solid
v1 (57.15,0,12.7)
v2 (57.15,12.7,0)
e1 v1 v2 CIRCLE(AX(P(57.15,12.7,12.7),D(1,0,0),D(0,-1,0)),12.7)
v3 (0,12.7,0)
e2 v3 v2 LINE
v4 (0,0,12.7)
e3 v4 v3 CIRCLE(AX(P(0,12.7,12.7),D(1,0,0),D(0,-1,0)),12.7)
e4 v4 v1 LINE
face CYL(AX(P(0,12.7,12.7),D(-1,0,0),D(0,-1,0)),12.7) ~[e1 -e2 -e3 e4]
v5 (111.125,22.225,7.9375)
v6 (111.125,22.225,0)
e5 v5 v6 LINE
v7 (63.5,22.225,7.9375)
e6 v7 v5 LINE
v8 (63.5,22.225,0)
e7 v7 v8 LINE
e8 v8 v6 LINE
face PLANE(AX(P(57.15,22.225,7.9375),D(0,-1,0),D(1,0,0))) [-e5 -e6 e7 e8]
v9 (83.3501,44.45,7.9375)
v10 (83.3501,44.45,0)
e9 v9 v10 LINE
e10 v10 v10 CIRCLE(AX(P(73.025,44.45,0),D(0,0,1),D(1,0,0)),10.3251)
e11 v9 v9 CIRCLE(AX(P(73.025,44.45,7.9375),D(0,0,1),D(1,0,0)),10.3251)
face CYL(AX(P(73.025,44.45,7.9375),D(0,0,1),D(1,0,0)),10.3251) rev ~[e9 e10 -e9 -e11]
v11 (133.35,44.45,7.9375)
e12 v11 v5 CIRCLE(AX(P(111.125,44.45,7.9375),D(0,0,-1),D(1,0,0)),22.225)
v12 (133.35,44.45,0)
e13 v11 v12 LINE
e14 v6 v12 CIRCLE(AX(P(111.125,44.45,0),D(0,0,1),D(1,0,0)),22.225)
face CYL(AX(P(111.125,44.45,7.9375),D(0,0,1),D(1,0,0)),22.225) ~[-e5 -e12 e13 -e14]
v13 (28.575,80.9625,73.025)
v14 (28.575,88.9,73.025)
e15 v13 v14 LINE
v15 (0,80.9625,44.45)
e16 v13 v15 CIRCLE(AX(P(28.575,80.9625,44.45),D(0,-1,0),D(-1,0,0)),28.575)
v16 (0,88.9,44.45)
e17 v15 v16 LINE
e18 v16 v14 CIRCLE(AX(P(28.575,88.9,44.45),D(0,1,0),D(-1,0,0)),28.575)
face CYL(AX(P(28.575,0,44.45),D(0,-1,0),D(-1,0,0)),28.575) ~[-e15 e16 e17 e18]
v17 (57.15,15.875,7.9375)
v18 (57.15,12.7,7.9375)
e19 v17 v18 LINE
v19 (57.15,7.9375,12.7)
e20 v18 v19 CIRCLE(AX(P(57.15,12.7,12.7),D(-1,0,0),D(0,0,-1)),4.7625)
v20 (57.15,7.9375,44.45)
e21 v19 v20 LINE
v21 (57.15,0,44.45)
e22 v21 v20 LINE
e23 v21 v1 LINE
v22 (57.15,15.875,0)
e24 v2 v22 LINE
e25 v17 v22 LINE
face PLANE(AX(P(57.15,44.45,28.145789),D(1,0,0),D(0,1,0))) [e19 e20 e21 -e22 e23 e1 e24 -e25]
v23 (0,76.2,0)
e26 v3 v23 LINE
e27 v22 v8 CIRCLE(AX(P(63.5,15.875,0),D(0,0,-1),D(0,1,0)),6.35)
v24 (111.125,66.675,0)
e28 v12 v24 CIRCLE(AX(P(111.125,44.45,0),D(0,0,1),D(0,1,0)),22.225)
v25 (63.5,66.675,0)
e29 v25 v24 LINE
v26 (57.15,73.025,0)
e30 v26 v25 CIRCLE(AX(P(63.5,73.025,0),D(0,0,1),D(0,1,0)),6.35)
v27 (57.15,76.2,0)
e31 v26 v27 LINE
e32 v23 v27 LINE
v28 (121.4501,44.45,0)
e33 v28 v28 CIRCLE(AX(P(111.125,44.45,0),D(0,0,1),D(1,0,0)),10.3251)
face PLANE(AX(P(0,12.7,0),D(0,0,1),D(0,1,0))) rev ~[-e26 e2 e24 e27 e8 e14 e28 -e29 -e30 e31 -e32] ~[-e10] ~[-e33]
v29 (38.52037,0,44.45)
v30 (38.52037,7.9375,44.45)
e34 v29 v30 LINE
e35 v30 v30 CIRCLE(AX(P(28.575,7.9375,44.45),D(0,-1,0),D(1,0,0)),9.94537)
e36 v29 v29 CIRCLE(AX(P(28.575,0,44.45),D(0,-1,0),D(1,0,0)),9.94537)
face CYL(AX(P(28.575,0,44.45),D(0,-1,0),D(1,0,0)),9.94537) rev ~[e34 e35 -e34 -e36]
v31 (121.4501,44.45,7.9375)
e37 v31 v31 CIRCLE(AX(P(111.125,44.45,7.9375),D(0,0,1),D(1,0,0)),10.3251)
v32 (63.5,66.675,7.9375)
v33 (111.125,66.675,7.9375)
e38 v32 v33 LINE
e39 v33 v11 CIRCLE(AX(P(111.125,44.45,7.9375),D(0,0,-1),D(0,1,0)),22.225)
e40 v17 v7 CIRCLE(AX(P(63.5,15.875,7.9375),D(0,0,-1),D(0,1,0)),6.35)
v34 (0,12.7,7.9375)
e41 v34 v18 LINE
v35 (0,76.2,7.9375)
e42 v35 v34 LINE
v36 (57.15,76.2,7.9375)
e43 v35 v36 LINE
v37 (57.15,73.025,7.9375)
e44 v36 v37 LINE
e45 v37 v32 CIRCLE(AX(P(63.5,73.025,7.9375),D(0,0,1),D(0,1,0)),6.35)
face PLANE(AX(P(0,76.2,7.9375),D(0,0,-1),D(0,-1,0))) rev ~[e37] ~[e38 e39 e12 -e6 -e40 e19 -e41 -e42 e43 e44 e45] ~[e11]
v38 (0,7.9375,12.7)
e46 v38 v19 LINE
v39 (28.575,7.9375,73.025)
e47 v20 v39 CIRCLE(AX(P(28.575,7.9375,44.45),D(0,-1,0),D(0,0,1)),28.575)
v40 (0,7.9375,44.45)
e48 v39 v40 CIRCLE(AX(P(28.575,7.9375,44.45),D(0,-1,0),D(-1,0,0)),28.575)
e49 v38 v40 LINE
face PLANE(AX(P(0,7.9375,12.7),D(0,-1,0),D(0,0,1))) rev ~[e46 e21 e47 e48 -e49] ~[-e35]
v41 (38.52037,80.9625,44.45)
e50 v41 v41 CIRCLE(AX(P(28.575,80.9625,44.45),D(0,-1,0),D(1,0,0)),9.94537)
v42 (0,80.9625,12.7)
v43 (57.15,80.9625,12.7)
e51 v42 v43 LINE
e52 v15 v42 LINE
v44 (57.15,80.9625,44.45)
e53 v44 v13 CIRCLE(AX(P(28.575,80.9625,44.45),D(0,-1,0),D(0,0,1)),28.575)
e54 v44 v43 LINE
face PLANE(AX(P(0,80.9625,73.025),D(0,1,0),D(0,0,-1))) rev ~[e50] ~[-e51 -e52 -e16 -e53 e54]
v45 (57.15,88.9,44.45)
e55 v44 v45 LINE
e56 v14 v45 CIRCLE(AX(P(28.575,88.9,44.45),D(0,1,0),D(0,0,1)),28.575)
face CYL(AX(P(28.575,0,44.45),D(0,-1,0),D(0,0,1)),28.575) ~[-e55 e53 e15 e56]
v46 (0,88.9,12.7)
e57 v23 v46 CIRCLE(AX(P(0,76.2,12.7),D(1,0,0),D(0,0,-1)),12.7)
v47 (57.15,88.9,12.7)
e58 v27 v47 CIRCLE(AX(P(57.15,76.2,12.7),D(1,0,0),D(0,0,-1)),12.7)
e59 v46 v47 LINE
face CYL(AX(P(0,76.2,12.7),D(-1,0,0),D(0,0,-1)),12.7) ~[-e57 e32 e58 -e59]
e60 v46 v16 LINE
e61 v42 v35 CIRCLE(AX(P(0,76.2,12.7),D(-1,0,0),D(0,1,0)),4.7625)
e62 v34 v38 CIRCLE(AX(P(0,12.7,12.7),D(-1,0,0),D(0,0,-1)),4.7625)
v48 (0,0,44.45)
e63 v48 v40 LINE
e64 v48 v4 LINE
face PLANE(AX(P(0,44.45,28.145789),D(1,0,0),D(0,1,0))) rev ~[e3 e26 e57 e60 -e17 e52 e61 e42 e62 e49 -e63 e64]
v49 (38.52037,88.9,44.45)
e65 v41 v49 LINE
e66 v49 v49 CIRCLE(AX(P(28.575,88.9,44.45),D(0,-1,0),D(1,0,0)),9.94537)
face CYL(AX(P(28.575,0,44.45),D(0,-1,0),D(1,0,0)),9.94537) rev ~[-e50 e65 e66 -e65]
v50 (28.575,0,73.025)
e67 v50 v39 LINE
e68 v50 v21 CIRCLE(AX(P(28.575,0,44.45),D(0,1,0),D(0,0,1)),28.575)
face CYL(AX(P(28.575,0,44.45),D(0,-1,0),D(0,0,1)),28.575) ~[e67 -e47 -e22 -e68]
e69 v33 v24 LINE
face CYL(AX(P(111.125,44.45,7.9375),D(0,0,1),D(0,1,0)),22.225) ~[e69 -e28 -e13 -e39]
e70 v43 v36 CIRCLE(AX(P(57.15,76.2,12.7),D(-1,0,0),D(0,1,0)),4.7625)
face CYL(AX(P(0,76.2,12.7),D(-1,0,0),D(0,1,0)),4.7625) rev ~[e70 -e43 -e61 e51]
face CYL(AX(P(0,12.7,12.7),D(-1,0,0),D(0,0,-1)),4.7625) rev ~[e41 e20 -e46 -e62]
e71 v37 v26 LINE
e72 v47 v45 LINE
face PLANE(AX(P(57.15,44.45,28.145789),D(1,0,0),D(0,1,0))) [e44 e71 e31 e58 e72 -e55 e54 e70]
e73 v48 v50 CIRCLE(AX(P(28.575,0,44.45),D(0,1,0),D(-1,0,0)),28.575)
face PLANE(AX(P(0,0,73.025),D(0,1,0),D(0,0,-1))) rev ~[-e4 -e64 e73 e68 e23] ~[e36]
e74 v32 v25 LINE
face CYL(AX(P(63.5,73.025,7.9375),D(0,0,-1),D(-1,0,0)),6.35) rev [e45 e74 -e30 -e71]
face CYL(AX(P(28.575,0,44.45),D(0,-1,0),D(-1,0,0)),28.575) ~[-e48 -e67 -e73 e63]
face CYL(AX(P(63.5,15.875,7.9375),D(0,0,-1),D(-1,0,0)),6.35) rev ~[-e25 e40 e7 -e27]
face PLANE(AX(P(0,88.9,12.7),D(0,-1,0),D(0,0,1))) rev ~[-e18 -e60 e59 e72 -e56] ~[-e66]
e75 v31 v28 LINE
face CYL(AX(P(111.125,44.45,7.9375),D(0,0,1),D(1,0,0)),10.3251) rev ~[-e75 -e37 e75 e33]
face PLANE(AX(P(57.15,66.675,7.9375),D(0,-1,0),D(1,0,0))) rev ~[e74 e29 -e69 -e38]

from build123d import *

# Parameters (mm, degrees)
F1_DEPTH = 57.15
F2_R     = 9.94537
F3_DEPTH = 88.9
F5_DEPTH = 88.9
F6_W     = 76.2
F6_H     = 44.45
F7_DEPTH = 7.9375
F8_R     = 10.3251
F9_DEPTH = 25.4
F10_R    = 6.35


with BuildPart() as f1:
    # F0 (on Right) → F1 (new body)
    with BuildSketch(Plane.YZ):
        with BuildLine():
            ThreePointArc((0, 12.7), (3.7197438789, 3.7197438789), (12.7, 0))
            Line((12.7, 0), (76.2, 0))
            ThreePointArc((76.2, 0), (85.1802561211, 3.7197438789), (88.9, 12.7))
            Line((88.9, 12.7), (88.9, 73.025))
            Line((88.9, 73.025), (80.9625, 73.025))
            Line((80.9625, 73.025), (80.9625, 12.7))
            ThreePointArc((80.9625, 12.7), (79.5675960454, 9.3324039546), (76.2, 7.9375))
            Line((76.2, 7.9375), (12.7, 7.9375))
            ThreePointArc((12.7, 7.9375), (9.3324039546, 9.3324039546), (7.9375, 12.7))
            Line((7.9375, 12.7), (7.9375, 73.025))
            Line((7.9375, 73.025), (0, 73.025))
            Line((0, 73.025), (0, 12.7))
        make_face()
    extrude(amount=F1_DEPTH)

    # F2 (on face) → F3 (cut)
    with BuildSketch(Plane.XZ):
        with Locations((28.575, 44.45)):
            Circle(F2_R)
    extrude(amount=-F3_DEPTH, mode=Mode.SUBTRACT)

    # F4 (on face) → F5 (cut)
    with BuildSketch(Plane.XZ):
        with BuildLine():
            ThreePointArc((0, 44.45), (8.3694237276, 64.6555762724), (28.575, 73.025))
            Line((28.575, 73.025), (0, 73.025))
            Line((0, 73.025), (0, 44.45))
        make_face()
        with BuildLine():
            ThreePointArc((28.575, 73.025), (48.7805762724, 64.6555762724), (57.15, 44.45))
            Line((57.15, 44.45), (57.15, 73.025))
            Line((57.15, 73.025), (28.575, 73.025))
        make_face()
    extrude(amount=-F5_DEPTH, mode=Mode.SUBTRACT)

    # F6 (on face) → F7 (join)
    with BuildSketch(Plane.XY.offset(7.9375)):
        with Locations((95.25, 44.45)):
            Rectangle(F6_W, F6_H)
    extrude(amount=-F7_DEPTH)

    # F8 (on face) → F9 (cut)
    with BuildSketch(Plane.XY.offset(7.9375)):
        with Locations((73.025, 44.45)):
            Circle(F8_R)
        with Locations((111.125, 44.45)):
            Circle(F8_R)
        with BuildLine():
            ThreePointArc((111.125, 66.675), (126.8404482119, 60.1654482119), (133.35, 44.45))
            Line((133.35, 44.45), (133.35, 66.675))
            Line((133.35, 66.675), (111.125, 66.675))
        make_face()
        with BuildLine():
            Line((133.35, 22.225), (133.35, 44.45))
            ThreePointArc((133.35, 44.45), (126.8404482119, 28.7345517881), (111.125, 22.225))
            Line((111.125, 22.225), (133.35, 22.225))
        make_face()
    extrude(amount=-F9_DEPTH, mode=Mode.SUBTRACT)

    # F10
    f10_edges = [f1.edges().sort_by_distance(p)[0] for p in [
        (57.15, 22.225, 3.96875),
        (57.15, 66.675, 3.96875),
    ]]
    fillet(f10_edges, radius=F10_R)


solid = f1.part
